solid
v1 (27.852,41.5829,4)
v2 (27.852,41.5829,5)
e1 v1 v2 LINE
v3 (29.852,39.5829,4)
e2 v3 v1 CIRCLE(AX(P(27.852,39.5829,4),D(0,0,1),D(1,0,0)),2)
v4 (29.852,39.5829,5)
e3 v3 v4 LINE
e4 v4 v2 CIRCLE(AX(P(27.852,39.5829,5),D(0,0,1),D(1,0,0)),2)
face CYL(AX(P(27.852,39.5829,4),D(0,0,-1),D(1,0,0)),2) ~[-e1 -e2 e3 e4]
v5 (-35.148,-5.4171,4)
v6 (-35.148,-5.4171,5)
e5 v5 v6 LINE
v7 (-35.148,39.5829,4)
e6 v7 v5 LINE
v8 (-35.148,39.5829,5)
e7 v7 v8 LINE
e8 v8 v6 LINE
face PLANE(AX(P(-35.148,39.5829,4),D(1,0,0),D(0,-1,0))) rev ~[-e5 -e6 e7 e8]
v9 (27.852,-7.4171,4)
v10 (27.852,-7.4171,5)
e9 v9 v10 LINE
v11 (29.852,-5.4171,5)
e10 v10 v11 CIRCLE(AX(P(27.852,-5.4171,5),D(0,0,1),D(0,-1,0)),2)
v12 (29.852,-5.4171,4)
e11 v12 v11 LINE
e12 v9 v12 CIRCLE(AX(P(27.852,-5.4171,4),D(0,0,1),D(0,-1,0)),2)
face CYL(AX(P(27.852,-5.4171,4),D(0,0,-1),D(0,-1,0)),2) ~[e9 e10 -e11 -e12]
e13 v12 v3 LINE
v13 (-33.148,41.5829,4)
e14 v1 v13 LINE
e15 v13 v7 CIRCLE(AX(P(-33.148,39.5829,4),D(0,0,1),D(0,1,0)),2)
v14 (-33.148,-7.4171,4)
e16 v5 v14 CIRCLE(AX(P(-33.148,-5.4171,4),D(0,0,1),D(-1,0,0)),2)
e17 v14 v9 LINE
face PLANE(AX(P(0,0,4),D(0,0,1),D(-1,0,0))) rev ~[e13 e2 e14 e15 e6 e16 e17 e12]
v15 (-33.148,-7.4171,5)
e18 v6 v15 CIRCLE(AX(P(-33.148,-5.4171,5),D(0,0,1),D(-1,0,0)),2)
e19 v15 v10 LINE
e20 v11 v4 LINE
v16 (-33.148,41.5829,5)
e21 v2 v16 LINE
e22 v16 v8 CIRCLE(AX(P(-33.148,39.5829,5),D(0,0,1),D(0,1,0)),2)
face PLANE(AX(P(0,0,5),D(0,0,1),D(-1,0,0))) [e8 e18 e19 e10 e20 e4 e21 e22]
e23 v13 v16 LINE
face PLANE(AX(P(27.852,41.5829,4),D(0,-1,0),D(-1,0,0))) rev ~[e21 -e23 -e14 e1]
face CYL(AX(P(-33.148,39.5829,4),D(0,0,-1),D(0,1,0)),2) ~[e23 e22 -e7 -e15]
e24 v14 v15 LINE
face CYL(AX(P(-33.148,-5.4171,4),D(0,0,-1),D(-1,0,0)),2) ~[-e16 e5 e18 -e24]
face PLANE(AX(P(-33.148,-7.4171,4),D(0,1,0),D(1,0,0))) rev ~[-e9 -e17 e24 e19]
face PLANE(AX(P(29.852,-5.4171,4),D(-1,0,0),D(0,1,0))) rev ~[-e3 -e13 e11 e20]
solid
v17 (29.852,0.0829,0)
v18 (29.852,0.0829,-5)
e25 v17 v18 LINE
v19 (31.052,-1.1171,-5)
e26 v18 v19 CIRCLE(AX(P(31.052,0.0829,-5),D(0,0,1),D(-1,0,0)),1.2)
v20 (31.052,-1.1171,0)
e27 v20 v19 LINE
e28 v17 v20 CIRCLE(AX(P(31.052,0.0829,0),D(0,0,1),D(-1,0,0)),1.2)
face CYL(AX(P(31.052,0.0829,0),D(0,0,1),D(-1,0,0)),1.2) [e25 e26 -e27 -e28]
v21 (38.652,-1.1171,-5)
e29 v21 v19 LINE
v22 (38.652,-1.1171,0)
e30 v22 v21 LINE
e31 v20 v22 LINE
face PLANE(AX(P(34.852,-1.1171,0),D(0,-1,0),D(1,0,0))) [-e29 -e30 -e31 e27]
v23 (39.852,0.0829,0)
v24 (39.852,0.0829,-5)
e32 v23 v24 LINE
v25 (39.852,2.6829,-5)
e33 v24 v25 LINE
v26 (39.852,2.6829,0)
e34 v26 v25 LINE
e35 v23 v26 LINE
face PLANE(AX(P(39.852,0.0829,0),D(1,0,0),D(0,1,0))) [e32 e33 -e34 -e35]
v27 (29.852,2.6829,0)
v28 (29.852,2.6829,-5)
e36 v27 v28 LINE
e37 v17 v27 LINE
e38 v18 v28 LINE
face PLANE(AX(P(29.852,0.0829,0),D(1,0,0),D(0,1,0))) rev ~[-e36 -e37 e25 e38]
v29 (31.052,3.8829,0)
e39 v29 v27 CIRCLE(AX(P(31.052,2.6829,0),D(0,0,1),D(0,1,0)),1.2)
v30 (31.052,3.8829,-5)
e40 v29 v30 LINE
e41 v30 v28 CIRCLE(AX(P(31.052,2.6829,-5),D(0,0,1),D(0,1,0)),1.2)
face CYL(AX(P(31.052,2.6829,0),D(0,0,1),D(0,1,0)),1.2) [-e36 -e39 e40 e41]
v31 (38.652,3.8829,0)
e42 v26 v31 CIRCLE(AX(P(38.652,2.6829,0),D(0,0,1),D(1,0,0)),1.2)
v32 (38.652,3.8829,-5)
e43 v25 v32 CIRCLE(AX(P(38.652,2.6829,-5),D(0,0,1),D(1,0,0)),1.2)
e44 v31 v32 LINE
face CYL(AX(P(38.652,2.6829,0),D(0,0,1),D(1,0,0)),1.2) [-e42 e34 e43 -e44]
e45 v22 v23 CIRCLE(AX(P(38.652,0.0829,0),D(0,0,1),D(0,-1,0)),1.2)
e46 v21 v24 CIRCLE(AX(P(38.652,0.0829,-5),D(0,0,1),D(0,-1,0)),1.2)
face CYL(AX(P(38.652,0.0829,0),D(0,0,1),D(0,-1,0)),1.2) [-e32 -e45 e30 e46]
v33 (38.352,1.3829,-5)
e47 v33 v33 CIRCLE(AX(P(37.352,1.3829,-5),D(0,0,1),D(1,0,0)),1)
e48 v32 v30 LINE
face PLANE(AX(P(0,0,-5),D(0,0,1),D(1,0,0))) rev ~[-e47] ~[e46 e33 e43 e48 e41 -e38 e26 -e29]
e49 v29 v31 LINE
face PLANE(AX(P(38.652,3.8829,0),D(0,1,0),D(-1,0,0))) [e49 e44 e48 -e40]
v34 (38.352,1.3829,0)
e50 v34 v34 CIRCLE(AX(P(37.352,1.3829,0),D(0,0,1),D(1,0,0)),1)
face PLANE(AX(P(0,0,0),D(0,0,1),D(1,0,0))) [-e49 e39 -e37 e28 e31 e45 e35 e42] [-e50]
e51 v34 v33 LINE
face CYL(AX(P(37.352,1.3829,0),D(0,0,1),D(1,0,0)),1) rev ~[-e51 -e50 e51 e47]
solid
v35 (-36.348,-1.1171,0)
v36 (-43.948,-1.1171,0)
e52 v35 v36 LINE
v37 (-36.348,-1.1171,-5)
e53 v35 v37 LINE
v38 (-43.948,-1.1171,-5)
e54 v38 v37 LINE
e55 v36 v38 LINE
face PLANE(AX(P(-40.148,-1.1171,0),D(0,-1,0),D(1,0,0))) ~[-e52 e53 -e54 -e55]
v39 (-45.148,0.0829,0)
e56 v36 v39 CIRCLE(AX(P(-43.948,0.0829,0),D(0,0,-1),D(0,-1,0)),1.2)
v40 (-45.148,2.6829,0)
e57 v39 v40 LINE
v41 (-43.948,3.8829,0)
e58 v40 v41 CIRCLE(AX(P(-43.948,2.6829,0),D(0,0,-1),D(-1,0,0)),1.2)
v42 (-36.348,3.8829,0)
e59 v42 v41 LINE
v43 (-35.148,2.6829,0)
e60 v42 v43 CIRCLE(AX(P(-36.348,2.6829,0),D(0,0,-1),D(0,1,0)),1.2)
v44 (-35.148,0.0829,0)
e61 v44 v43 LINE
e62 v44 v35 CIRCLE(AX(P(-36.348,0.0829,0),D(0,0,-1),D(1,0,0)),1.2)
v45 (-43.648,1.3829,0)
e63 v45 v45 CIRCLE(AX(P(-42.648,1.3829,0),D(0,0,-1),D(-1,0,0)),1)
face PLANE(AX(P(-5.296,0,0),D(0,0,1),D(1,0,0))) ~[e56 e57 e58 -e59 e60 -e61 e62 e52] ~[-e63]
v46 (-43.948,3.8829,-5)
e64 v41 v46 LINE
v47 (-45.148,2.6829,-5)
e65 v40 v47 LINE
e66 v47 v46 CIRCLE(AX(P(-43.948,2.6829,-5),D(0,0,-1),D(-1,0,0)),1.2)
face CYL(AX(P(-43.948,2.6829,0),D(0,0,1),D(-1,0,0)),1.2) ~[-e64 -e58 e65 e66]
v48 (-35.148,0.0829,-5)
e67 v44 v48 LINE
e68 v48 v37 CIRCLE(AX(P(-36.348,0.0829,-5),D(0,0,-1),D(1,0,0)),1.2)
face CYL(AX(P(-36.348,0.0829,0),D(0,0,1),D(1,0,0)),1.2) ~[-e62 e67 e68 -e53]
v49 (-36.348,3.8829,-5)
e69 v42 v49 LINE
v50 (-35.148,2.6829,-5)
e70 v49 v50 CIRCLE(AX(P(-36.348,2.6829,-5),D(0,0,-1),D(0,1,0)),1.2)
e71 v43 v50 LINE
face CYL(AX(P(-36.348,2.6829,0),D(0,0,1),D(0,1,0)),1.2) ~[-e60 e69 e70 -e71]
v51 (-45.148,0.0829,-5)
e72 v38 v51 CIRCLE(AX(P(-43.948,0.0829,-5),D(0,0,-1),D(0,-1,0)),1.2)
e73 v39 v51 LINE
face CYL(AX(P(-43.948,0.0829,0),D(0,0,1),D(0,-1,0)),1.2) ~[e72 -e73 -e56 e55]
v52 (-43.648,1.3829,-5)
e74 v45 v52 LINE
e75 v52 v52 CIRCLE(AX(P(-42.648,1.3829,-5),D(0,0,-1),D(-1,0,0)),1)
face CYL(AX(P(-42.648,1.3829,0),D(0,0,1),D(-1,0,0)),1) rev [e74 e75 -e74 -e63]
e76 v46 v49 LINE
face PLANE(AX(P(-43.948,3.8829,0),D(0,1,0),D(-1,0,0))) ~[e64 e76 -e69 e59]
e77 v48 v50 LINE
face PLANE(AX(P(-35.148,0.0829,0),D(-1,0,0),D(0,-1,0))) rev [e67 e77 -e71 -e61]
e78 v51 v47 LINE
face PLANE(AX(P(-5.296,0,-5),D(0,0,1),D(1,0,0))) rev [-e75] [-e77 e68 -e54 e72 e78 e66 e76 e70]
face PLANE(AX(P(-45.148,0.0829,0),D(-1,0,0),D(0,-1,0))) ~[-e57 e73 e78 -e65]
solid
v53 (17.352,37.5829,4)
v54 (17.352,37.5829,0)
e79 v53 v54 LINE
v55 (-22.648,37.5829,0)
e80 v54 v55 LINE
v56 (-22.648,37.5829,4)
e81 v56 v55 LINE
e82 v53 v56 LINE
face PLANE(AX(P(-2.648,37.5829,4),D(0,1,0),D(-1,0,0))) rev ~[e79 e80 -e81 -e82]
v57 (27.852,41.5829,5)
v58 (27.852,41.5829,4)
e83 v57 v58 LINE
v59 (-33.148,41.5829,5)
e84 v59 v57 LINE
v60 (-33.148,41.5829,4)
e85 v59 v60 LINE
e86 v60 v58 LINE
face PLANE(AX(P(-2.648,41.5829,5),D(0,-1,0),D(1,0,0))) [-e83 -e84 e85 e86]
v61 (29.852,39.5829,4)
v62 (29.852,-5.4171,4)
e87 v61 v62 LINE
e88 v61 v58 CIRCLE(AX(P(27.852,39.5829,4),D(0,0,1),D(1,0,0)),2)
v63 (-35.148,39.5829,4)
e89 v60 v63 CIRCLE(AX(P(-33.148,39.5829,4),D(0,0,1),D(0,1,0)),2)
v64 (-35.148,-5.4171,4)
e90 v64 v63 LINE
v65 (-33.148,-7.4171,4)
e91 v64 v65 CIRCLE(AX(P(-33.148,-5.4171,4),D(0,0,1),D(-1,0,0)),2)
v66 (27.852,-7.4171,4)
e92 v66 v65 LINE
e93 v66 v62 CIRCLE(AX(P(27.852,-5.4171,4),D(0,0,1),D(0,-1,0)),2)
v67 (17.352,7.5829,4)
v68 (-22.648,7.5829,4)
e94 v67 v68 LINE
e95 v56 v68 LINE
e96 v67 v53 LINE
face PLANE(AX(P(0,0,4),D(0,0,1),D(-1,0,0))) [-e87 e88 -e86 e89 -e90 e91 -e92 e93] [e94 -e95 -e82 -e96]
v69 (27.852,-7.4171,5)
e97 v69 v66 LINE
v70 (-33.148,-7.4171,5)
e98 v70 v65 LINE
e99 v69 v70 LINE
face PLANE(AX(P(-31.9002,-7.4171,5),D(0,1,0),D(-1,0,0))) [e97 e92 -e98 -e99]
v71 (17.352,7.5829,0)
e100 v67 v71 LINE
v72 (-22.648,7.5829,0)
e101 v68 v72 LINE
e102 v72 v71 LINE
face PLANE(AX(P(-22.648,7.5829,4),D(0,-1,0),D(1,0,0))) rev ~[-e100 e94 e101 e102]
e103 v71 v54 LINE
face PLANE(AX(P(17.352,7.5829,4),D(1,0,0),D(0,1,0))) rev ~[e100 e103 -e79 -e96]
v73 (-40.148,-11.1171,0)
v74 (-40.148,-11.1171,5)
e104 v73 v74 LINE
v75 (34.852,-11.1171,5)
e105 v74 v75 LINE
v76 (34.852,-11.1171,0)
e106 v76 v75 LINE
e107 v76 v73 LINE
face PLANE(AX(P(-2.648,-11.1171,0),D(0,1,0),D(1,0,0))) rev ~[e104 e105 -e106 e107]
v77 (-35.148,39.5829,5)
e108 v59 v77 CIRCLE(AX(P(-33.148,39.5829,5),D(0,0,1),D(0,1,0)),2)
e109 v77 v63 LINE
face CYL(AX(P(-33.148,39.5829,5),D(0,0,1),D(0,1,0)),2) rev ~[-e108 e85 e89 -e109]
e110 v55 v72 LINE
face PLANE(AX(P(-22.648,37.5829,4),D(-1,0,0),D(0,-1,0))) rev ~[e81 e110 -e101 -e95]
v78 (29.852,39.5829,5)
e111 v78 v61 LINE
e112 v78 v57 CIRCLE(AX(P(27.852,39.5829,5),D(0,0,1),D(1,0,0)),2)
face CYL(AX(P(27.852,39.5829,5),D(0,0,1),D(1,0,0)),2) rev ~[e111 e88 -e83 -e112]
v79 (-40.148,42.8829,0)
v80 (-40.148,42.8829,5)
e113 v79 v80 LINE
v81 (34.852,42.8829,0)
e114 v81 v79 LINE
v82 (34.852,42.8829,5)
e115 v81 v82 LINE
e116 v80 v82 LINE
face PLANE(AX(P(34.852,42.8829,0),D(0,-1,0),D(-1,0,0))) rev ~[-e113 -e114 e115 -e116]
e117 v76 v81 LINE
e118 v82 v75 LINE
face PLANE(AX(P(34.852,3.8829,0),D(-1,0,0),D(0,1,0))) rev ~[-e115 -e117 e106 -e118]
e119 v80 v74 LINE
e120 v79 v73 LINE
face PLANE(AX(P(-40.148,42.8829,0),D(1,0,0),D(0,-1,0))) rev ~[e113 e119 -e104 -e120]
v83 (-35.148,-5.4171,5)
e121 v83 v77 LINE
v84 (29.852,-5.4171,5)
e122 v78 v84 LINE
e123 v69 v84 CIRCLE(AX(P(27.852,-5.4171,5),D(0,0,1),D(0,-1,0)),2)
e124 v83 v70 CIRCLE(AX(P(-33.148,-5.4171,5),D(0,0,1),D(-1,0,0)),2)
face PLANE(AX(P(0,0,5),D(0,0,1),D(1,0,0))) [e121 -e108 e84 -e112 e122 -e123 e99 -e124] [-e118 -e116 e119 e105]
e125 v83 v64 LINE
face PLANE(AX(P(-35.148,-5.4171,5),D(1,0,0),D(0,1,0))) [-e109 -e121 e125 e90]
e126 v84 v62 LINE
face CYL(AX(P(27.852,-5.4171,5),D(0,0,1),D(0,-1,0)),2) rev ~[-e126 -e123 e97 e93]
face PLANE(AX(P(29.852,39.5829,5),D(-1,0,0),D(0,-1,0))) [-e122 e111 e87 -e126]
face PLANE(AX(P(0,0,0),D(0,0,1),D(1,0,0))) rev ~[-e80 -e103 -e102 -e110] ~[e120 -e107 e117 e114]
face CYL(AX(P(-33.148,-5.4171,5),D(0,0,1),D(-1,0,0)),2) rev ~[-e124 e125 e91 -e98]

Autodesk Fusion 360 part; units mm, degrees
sketch "Sketch1" plane through (0, 0, 0) normal (0, 0, 1) x (1, 0, 0)
  line L0 (34.852, 42.8829) -> (-40.148, 42.8829)
  line L1 (-40.148, 42.8829) -> (-40.148, -11.1171)
  line L2 (-40.148, -11.1171) -> (34.852, -11.1171)
  line L3 (34.852, -11.1171) -> (34.852, 42.8829)
  line L4 (34.852, -11.1171) -> (34.852, -1.1171)
  line L5 (34.852, -1.1171) -> (38.652, -1.1171)
  line L6 (38.652, 3.8829) -> (34.852, 3.8829)
  line L7 (34.852, -1.1171) -> (38.652, -1.1171)
  line L8 (39.852, 0.0829) -> (39.852, 2.6829)
  line L9 (38.652, 3.8829) -> (34.852, 3.8829)
  line L10 (34.852, 3.8829) -> (34.852, -1.1171)
  circle A0 centre (37.352, 1.3829) radius 1
  arc A1 (38.652, -1.1171) -> (39.852, 0.0829) centre (38.652, 0.0829) ccw
  arc A2 (39.852, 2.6829) -> (38.652, 3.8829) centre (38.652, 2.6829) ccw
  line L11 (34.852, -1.1171) -> (31.052, -1.1171)
  line L12 (29.852, 0.0829) -> (29.852, 2.6829)
  line L13 (31.052, 3.8829) -> (34.852, 3.8829)
  line L14 (34.852, 3.8829) -> (34.852, -1.1171)
  arc A3 (29.852, 0.0829) -> (31.052, -1.1171) centre (31.052, 0.0829) ccw
  arc A4 (31.052, 3.8829) -> (29.852, 2.6829) centre (31.052, 2.6829) ccw
  line L15 (-2.648, 42.8829) -> (-2.648, -11.1171)
  line L16 (-2.648, 41.5829) -> (-33.148, 41.5829)
  line L17 (-2.648, 41.5829) -> (27.852, 41.5829)
  line L18 (29.852, 39.5829) -> (29.852, -5.4171)
  line L19 (27.852, -7.4171) -> (-31.9002, -7.4171)
  line L20 (-31.9002, -7.4171) -> (-33.148, -7.4171)
  line L21 (-35.148, -5.4171) -> (-35.148, 39.5829)
  arc A5 (27.852, -7.4171) -> (29.852, -5.4171) centre (27.852, -5.4171) ccw
  arc A6 (-35.148, -5.4171) -> (-33.148, -7.4171) centre (-33.148, -5.4171) ccw
  arc A7 (-33.148, 41.5829) -> (-35.148, 39.5829) centre (-33.148, 39.5829) ccw
  arc A8 (29.852, 39.5829) -> (27.852, 41.5829) centre (27.852, 39.5829) ccw
  point P0 (29.852, -1.1171)
  point P1 (-35.148, 41.5829)
  point P2 (29.852, 41.5829)
  point P3 (29.852, -7.4171)
  dimension "d1" = 75
  dimension "d2" = 54
  dimension "d5" = 10
  dimension "d8" = 5
  dimension "d9" = 2
  dimension "d10" = 1.2
  dimension "d11" = 5
  dimension "d12" = 1.2
  dimension "d13" = 5
  dimension "d14" = 5
  dimension "d15" = 1.2
  dimension "d18" = 32.5
  dimension "d19" = 49
  dimension "d20" = 1.3
  dimension "d21" = 2.5
  dimension "d22" = 2
extrude "Extrude2" add sketch "Sketch1" against normal blind 5 contours L3 L5 L6 L7 L8 L9 L10 A1 A2 L14 | L3 L10 L11 L12 L13 L14 A3 A4 L18 makes body 1
extrude "Extrude1" add sketch "Sketch1" along normal blind 5 separate body contours L0 L3 L13 A4 L15 L17 L18 A8 | L0 L1 L2 L15 L16 L19 L20 L21 A6 A7 | L3 L10 L11 L12 L13 L14 A3 A4 L18 | L12 L15 L17 L18 L19 A5 A8 | L15 L16 L19 L20 L21 A6 A7 | L2 L3 L4 L11 A3 L15 L18 L19 A5 makes body 2
sketch "Sketch2" plane through (0, 0, 5) normal (0, 0, 1) x (-1, 0, 0)
  line L0 (-34.852, 11.1171) -> (-34.852, -42.8829)
  line L1 (-34.852, -42.8829) -> (40.148, -42.8829)
  line L2 (40.148, -42.8829) -> (40.148, 11.1171)
  line L3 (40.148, 11.1171) -> (-34.852, 11.1171)
sketch "Sketch3" plane through (0, 0, 5) normal (0, 0, 1) x (-1, 0, 0)
  line L0 (-29.852, -39.5829) -> (-29.852, 5.4171)
  line L1 (-27.852, 7.4171) -> (31.9002, 7.4171)
  arc A0 (-27.852, 7.4171) -> (-29.852, 5.4171) centre (-27.852, 5.4171) ccw
  arc A1 (35.148, 5.4171) -> (33.148, 7.4171) centre (33.148, 5.4171) ccw
  line L2 (31.9002, 7.4171) -> (33.148, 7.4171)
  line L3 (35.148, 5.4171) -> (35.148, -39.5829)
  arc A2 (33.148, -41.5829) -> (35.148, -39.5829) centre (33.148, -39.5829) ccw
  line L4 (2.648, -41.5829) -> (33.148, -41.5829)
  line L5 (2.648, -41.5829) -> (-27.852, -41.5829)
  arc A3 (-29.852, -39.5829) -> (-27.852, -41.5829) centre (-27.852, -39.5829) ccw
extrude "Extrude3" cut sketch "Sketch3" against normal blind 1 bodies 2
sketch "Sketch4" plane through (0, 0, 5) normal (0, 0, 1) x (-1, 0, 0)
sketch "Sketch5" plane through (0, 0, 4) normal (0, 0, 1) x (-1, 0, 0)
  arc A0 (-27.852, 7.4171) -> (-29.852, 5.4171) centre (-27.852, 5.4171) ccw
  line L0 (-29.852, 5.4171) -> (-29.852, -39.5829)
  arc A1 (-29.852, -39.5829) -> (-27.852, -41.5829) centre (-27.852, -39.5829) ccw
  line L1 (-27.852, -41.5829) -> (33.148, -41.5829)
  arc A2 (33.148, -41.5829) -> (35.148, -39.5829) centre (33.148, -39.5829) ccw
  line L2 (35.148, -39.5829) -> (35.148, 5.4171)
  arc A3 (35.148, 5.4171) -> (33.148, 7.4171) centre (33.148, 5.4171) ccw
  line L3 (33.148, 7.4171) -> (-27.852, 7.4171)
  line L4 (2.648, 7.4171) -> (2.648, -39.5791)
  line L5 (2.648, -37.5829) -> (-17.352, -37.5829)
  line L6 (2.648, -37.5829) -> (22.648, -37.5829)
  line L7 (22.648, -37.5829) -> (22.648, -7.5829)
  line L8 (22.648, -7.5829) -> (-17.352, -7.5829)
  line L9 (-17.352, -7.5829) -> (-17.352, -37.5829)
  dimension "d27" = 20
  dimension "d28" = 4
  dimension "d29" = 20
  dimension "d30" = 30
extrude "Extrude4" cut sketch "Sketch5" against normal blind 60 contours L4 L6 L7 L8 | L4 L5 L8 L9 bodies 2
ref_plane "WorkPlane1" through (-2.648, 15.8829, 2.5) normal (-1, 0, 0) x (0, -1, 0)
mirror "Mirror1" about plane through (-2.648, 15.8829, 2.5) normal (-1, 0, 0) of bodies 1 makes body 3
copy_body "Body->Comp1" bodies 3 removing the originals makes body 4 in component "Component"
copy_body "Body->Comp2" bodies 1 removing the originals makes body 5 in component "Component'"
copy_body "Body->Comp3" bodies 2 removing the originals makes body 6 in component "MainBody"
sketch "Sketch6" plane through (0, 0, 5) normal (0, 0, 1) x (-1, 0, 0)
  line L0 (-29.852, -39.5829) -> (-29.852, 5.4171)
  arc A0 (-27.852, 7.4171) -> (-29.852, 5.4171) centre (-27.852, 5.4171) ccw
  line L1 (-27.852, 7.4171) -> (33.148, 7.4171)
  arc A1 (35.148, 5.4171) -> (33.148, 7.4171) centre (33.148, 5.4171) ccw
  line L2 (35.148, 5.4171) -> (35.148, -39.5829)
  arc A2 (33.148, -41.5829) -> (35.148, -39.5829) centre (33.148, -39.5829) ccw
  line L3 (33.148, -41.5829) -> (-27.852, -41.5829)
  arc A3 (-29.852, -39.5829) -> (-27.852, -41.5829) centre (-27.852, -39.5829) ccw
  line L4 (-34.852, 11.1171) -> (-34.852, -42.8829)
  line L5 (-34.852, -42.8829) -> (40.148, -42.8829)
  line L6 (40.148, -42.8829) -> (40.148, 11.1171)
  line L7 (40.148, 11.1171) -> (-34.852, 11.1171)
  line L8 (22.648, -7.5829) -> (22.648, -37.5829)
  line L9 (22.648, -37.5829) -> (-17.352, -37.5829)
  line L10 (-17.352, -37.5829) -> (-17.352, -7.5829)
  line L11 (-17.352, -7.5829) -> (22.648, -7.5829)
  arc A4 (-27.852, 7.4171) -> (-29.852, 5.4171) centre (-27.852, 5.4171) ccw
  line L12 (-29.852, 5.4171) -> (-29.852, -39.5829)
  arc A5 (-29.852, -39.5829) -> (-27.852, -41.5829) centre (-27.852, -39.5829) ccw
  line L13 (-27.852, -41.5829) -> (33.148, -41.5829)
  arc A6 (33.148, -41.5829) -> (35.148, -39.5829) centre (33.148, -39.5829) ccw
  line L14 (35.148, -39.5829) -> (35.148, 5.4171)
  arc A7 (35.148, 5.4171) -> (33.148, 7.4171) centre (33.148, 5.4171) ccw
  line L15 (33.148, 7.4171) -> (-27.852, 7.4171)
  line L16 (-34.852, -42.8829) -> (-34.852, 11.1171)
  line L17 (40.148, 11.1171) -> (-34.852, 11.1171)
  line L18 (40.148, 11.1171) -> (40.148, -42.8829)
  line L19 (-34.852, -42.8829) -> (40.148, -42.8829)
  line L20 (33.148, -41.5829) -> (-27.852, -41.5829)
  line L21 (-29.852, 5.4171) -> (-29.852, -39.5829)
  arc A8 (-29.852, -39.5829) -> (-27.852, -41.5829) centre (-27.852, -39.5829) ccw
  arc A9 (-27.852, 7.4171) -> (-29.852, 5.4171) centre (-27.852, 5.4171) ccw
  line L22 (-27.852, 7.4171) -> (33.148, 7.4171)
  arc A10 (35.148, 5.4171) -> (33.148, 7.4171) centre (33.148, 5.4171) ccw
sketch "Sketch7" plane through (0, 0, 4) normal (0, 0, 1) x (-1, 0, 0)
  line L0 (22.648, -7.5829) -> (22.648, -37.5829)
  line L1 (22.648, -37.5829) -> (-17.352, -37.5829)
  line L2 (-17.352, -37.5829) -> (-17.352, -7.5829)
  line L3 (-17.352, -7.5829) -> (22.648, -7.5829)
  arc A0 (-27.852, 7.4171) -> (-29.852, 5.4171) centre (-27.852, 5.4171) ccw
  line L4 (-29.852, 5.4171) -> (-29.852, -39.5829)
  arc A1 (-29.852, -39.5829) -> (-27.852, -41.5829) centre (-27.852, -39.5829) ccw
  line L5 (-27.852, -41.5829) -> (33.148, -41.5829)
  arc A2 (33.148, -41.5829) -> (35.148, -39.5829) centre (33.148, -39.5829) ccw
  line L6 (35.148, -39.5829) -> (35.148, 5.4171)
  arc A3 (35.148, 5.4171) -> (33.148, 7.4171) centre (33.148, 5.4171) ccw
  line L7 (33.148, 7.4171) -> (-27.852, 7.4171)
extrude "Extrude1'" add sketch "Sketch7" along normal blind 1 separate body contours L0 L1 L2 L3 | A0 L4 A1 L5 A2 L6 A3 L7 makes body 7 in component "Component''"
component "Feet" placed x (1, 0, 0) y (0, 1, 0) z (0, 0, 1) at (0, 0, 0)
component "MainBody" placed x (1, 0, 0) y (0, 1, 0) z (0, 0, 1) at (0, 0, 0)
component "Component''" placed x (1, 0, 0) y (0, 1, 0) z (0, 0, 1) at (0, 0, 0)
component "Component'" placed x (1, 0, 0) y (0, 1, 0) z (0, 0, 1) at (0, 0, 0) in component "Feet"
component "Component" placed x (1, 0, 0) y (0, 1, 0) z (0, 0, 1) at (0, 0, 0) in component "Feet"
equation "d18 = ( 65 / 2 ) * 1 mm"
